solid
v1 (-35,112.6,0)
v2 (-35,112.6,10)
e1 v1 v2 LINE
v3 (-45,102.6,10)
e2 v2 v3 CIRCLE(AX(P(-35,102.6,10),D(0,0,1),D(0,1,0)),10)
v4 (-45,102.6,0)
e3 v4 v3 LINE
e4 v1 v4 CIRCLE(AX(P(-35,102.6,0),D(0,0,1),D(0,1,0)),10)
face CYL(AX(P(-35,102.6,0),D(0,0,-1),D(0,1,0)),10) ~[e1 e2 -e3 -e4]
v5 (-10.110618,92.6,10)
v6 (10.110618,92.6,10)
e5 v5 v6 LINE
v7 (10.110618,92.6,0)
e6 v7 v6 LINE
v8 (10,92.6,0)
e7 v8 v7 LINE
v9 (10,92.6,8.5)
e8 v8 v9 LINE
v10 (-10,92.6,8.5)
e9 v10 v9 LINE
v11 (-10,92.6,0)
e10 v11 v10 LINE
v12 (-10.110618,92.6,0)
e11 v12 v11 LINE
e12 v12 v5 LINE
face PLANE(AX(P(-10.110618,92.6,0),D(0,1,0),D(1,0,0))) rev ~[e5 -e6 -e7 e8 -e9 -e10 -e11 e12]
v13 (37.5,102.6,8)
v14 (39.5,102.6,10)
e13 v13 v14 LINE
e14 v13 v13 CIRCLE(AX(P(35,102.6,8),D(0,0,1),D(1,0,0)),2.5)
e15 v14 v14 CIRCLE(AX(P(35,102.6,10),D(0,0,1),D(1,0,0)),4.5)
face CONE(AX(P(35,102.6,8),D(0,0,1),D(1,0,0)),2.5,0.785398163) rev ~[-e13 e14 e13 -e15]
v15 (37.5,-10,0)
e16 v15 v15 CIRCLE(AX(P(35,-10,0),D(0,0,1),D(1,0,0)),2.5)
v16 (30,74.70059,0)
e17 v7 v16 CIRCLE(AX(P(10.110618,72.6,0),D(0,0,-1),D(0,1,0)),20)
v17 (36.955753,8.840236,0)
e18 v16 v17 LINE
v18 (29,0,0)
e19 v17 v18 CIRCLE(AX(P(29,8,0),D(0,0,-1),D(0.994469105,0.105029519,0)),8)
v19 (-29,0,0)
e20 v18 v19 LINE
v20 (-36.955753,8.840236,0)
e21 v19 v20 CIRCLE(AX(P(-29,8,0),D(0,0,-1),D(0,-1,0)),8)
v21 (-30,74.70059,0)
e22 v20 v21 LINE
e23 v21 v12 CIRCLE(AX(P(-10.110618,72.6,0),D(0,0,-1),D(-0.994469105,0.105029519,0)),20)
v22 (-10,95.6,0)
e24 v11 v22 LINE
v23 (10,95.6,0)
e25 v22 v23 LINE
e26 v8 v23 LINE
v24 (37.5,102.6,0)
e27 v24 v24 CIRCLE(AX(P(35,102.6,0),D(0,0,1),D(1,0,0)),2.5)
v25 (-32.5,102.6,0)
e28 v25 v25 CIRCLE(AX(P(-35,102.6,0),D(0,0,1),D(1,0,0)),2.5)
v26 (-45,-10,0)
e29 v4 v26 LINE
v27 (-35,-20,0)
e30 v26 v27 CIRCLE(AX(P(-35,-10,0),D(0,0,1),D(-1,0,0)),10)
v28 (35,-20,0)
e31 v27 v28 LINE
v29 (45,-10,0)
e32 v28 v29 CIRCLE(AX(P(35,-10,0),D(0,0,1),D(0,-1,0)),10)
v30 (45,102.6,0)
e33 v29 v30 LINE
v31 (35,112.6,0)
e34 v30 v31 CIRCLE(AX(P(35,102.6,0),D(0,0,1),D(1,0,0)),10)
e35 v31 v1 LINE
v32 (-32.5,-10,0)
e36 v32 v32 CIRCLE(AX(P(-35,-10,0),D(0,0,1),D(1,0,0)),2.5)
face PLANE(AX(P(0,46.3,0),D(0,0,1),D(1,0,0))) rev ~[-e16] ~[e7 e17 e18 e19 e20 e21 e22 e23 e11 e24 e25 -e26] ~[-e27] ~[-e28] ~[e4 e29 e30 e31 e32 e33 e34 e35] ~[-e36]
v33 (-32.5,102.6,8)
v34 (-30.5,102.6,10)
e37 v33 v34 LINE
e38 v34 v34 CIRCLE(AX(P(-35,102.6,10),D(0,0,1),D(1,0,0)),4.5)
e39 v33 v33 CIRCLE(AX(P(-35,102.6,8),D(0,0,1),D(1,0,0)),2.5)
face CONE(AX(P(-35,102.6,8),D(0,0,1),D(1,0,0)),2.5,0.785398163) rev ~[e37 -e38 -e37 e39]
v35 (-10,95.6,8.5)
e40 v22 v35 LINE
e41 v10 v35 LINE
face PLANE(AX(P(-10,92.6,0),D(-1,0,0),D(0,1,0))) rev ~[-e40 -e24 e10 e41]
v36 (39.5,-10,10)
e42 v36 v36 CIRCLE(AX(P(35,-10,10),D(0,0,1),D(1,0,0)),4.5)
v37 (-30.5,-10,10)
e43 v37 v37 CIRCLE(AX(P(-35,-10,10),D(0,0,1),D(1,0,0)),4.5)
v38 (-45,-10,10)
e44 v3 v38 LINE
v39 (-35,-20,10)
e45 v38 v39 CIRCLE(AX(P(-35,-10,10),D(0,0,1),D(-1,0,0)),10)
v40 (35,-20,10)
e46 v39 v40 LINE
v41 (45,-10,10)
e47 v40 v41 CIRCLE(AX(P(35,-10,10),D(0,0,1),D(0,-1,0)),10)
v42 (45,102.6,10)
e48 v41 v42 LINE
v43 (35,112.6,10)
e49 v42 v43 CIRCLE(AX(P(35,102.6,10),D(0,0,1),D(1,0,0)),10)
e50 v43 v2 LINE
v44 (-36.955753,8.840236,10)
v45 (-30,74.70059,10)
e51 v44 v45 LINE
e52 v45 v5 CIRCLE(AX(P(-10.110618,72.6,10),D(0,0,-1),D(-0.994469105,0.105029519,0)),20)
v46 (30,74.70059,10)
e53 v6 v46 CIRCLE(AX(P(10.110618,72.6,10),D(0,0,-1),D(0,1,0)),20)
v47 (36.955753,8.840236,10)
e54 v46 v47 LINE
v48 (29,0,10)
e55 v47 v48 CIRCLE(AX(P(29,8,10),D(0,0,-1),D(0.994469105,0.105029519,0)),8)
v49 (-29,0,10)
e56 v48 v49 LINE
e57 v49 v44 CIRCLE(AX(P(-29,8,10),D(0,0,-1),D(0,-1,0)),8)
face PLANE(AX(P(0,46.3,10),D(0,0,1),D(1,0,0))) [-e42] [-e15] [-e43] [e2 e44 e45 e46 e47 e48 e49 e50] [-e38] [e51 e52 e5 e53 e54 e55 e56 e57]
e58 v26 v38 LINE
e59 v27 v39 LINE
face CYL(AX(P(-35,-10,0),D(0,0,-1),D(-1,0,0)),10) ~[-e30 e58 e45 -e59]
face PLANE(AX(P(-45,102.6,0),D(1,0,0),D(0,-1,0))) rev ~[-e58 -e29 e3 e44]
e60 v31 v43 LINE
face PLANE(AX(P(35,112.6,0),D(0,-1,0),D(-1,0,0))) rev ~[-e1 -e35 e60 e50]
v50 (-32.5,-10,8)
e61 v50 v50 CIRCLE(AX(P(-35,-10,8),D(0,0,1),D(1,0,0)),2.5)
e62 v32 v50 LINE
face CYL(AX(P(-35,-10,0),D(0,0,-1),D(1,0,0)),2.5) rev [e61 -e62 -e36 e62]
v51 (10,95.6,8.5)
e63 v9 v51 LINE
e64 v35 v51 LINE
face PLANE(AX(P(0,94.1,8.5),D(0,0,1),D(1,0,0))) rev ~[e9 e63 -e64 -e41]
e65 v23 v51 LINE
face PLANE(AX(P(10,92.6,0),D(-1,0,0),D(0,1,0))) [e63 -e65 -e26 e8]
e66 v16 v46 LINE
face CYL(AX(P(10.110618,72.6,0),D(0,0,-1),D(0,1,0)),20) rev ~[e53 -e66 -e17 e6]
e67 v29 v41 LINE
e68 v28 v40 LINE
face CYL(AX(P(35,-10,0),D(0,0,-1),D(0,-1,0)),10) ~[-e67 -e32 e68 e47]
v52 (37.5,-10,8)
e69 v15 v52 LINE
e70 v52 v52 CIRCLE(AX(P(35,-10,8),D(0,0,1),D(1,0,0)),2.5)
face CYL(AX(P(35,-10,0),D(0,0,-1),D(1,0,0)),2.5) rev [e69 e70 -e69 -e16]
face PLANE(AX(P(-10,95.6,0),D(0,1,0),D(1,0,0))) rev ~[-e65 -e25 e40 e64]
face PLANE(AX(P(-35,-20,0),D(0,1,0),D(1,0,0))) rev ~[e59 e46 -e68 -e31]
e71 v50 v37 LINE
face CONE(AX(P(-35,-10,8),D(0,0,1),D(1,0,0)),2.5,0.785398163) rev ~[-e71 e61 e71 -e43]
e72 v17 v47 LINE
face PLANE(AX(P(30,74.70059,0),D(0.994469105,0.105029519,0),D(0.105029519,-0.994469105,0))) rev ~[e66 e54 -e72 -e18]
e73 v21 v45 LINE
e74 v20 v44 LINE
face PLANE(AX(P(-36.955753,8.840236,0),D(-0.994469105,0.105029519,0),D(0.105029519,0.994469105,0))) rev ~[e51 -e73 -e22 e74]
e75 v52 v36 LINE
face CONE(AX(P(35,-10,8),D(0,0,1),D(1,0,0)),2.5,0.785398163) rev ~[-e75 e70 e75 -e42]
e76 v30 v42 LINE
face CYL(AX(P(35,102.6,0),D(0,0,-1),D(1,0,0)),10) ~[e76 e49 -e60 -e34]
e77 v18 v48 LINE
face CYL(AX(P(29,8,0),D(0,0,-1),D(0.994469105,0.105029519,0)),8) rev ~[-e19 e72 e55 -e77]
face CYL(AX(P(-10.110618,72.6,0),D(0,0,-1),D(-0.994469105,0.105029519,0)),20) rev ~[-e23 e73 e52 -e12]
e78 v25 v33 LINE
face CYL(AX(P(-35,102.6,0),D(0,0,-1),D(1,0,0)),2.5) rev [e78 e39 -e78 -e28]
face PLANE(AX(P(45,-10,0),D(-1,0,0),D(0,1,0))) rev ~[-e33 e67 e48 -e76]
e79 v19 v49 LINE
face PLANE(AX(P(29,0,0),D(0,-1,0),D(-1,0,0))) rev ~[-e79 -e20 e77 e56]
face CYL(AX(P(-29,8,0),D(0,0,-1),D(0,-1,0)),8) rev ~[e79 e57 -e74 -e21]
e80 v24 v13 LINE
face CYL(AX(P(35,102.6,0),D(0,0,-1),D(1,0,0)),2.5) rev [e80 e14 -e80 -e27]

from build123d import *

# Parameters (mm, degrees)
F0_R     = 2.5
F0_W     = 20
F0_H     = 3
F1_DEPTH = 10
F2_SIZE  = 2
F3_DEPTH = 8.5


with BuildPart() as f1:
    # F0 (on Top) → F1 (new body)
    with BuildSketch(Plane.XY):
        with BuildLine():
            ThreePointArc((-45, -10), (-42.0710678119, -17.0710678119), (-35, -20))
            Line((-35, -20), (35, -20))
            ThreePointArc((35, -20), (42.0710678119, -17.0710678119), (45, -10))
            Line((45, -10), (45, 102.6))
            ThreePointArc((45, 102.6), (42.0710678119, 109.6710678119), (35, 112.6))
            Line((35, 112.6), (-35, 112.6))
            ThreePointArc((-35, 112.6), (-42.0710678119, 109.6710678119), (-45, 102.6))
            Line((-45, 102.6), (-45, -10))
        make_face()
        with Locations((-35, -10)):
            Circle(F0_R, mode=Mode.SUBTRACT)
        with Locations((35, -10)):
            Circle(F0_R, mode=Mode.SUBTRACT)
        with Locations((-35, 102.6)):
            Circle(F0_R, mode=Mode.SUBTRACT)
        with BuildLine():
            ThreePointArc((-30, 74.7005903715), (-23.489485432, 87.4662673094), (-10.1106179057, 92.6))
            Line((-10.1106179057, 92.6), (-10, 92.6))
            Line((-10, 92.6), (-10, 95.6))
            Line((-10, 95.6), (10, 95.6))
            Line((10, 95.6), (10, 92.6))
            Line((10, 92.6), (10.1106179057, 92.6))
            ThreePointArc((10.1106179057, 92.6), (23.489485432, 87.4662673094), (30, 74.7005903715))
            Line((30, 74.7005903715), (36.9557528377, 8.8402361486))
            ThreePointArc((36.9557528377, 8.8402361486), (34.9465069238, 2.6484529895), (29, 0))
            Line((29, 0), (-29, 0))
            ThreePointArc((-29, 0), (-34.9465069238, 2.6484529895), (-36.9557528377, 8.8402361486))
            Line((-36.9557528377, 8.8402361486), (-30, 74.7005903715))
        make_face(mode=Mode.SUBTRACT)
        with Locations((35, 102.6)):
            Circle(F0_R, mode=Mode.SUBTRACT)
        with Locations((0, 94.1)):
            Rectangle(F0_W, F0_H)
    extrude(amount=F1_DEPTH)

    # F2
    f2_edges = [f1.edges().sort_by_distance(p)[0] for p in [
        (-37.5, -10, 10),
        (32.5, -10, 10),
        (32.5, 102.6, 10),
        (-37.5, 102.6, 10),
    ]]
    chamfer(f2_edges, length=F2_SIZE)

    # F0 (on Top) → F3 (cut)
    with BuildSketch(Plane.XY):
        with Locations((0, 94.1)):
            Rectangle(F0_W, F0_H)
    extrude(amount=F3_DEPTH, mode=Mode.SUBTRACT)


solid = f1.part
